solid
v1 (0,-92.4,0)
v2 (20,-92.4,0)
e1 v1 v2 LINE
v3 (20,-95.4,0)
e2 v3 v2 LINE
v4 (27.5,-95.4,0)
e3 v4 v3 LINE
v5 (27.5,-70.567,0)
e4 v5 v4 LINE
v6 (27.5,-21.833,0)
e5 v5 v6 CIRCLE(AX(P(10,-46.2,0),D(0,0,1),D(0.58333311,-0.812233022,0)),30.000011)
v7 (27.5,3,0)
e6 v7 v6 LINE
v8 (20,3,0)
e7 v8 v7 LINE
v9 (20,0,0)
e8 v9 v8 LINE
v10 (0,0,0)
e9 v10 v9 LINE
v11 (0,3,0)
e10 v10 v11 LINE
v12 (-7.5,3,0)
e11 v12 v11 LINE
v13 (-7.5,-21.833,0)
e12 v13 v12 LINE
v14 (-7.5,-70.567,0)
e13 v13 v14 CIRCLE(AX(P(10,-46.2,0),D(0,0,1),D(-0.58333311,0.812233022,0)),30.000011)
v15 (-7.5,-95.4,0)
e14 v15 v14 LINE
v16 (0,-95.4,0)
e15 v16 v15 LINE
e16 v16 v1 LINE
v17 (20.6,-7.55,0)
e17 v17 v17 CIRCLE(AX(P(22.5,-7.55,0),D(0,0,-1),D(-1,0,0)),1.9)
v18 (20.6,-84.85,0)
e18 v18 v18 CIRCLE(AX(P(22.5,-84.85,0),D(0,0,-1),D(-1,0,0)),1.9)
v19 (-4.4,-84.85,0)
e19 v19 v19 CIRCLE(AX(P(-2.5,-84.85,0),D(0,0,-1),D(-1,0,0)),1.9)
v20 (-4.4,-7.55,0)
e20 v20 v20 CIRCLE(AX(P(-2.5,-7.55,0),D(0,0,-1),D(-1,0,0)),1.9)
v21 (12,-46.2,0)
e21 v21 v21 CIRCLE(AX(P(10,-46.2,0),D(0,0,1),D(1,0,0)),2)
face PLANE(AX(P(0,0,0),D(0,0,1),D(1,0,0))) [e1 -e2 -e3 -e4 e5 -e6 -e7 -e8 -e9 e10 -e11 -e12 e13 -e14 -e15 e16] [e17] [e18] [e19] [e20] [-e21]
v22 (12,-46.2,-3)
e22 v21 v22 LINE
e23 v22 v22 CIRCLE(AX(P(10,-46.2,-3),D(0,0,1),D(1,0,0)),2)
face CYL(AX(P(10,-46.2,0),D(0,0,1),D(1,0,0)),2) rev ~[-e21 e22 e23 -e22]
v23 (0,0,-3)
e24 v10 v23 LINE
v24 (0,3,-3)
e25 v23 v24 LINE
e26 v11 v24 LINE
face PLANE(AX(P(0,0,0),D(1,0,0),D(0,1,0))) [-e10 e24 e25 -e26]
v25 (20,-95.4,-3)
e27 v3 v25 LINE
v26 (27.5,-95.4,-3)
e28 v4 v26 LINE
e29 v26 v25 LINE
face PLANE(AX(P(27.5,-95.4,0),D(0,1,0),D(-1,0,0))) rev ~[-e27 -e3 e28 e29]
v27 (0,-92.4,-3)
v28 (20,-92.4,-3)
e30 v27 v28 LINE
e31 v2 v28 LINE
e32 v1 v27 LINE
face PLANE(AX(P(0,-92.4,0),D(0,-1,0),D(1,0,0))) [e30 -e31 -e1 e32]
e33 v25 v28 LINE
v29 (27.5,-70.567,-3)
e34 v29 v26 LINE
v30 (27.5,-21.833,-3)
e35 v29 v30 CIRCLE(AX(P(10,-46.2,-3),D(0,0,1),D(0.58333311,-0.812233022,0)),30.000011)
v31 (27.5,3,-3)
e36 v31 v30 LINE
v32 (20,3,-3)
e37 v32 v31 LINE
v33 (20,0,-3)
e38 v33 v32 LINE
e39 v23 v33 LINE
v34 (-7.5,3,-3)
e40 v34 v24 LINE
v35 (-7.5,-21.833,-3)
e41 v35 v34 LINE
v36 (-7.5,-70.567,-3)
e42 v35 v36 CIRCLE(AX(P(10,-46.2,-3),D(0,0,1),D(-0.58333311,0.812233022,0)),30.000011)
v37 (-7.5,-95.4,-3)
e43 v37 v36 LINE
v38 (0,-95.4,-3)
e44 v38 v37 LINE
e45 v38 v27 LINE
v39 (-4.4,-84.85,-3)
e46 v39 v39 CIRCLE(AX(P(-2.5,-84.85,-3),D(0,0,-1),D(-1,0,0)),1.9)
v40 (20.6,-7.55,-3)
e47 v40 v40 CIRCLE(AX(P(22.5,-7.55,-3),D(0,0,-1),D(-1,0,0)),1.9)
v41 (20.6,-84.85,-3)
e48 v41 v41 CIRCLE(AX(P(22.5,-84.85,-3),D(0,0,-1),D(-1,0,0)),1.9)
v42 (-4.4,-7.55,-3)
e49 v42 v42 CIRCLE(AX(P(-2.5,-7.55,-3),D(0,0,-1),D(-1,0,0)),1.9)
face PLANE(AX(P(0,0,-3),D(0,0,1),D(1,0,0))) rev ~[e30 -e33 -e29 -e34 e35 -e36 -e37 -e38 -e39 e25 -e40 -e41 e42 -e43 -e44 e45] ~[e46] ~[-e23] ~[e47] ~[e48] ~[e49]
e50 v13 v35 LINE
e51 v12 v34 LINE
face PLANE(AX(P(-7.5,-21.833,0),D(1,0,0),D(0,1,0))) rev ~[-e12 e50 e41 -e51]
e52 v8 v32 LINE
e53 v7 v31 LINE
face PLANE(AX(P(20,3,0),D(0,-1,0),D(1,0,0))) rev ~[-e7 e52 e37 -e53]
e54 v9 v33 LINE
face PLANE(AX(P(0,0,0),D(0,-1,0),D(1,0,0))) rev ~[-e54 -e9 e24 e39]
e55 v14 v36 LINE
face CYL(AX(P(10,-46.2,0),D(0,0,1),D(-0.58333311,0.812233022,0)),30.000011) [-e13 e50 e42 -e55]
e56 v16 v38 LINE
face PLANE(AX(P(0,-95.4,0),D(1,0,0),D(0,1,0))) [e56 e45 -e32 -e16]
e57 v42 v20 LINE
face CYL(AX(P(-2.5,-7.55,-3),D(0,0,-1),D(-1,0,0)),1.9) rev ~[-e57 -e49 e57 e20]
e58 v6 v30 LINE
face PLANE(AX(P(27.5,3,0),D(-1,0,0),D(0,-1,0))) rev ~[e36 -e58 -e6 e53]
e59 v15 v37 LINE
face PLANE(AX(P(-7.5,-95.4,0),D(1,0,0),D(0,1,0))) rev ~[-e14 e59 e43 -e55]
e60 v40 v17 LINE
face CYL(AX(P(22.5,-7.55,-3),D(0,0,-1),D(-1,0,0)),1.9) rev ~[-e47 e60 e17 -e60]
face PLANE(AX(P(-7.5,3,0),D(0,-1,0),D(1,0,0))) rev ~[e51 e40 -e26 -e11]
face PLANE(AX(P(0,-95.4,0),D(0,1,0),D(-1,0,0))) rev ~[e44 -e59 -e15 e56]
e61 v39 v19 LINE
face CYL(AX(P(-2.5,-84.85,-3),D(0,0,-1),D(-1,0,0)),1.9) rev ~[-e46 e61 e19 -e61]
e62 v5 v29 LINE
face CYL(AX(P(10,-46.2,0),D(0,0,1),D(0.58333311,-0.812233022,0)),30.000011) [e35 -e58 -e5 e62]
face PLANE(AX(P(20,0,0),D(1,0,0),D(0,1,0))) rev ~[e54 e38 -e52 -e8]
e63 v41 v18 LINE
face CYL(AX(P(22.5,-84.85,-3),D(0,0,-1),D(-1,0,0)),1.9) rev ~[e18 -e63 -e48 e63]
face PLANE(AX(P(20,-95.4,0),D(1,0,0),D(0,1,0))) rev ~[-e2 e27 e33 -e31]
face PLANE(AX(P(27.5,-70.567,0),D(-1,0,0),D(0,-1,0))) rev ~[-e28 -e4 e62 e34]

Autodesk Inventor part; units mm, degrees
ref_plane "YZ Plane" through (0, 0, 0) normal (1, 0, 0) x (0, 1, 0)
ref_plane "XZ Plane" through (0, 0, 0) normal (0, 1, 0) x (-1, 0, 0)
ref_plane "XY Plane" through (0, 0, 0) normal (0, 0, 1) x (1, 0, 0)
sketch "Sketch1" plane through (0, 0, 0) normal (0, 0, 1) x (1, 0, 0)
  line L0 (0, 0) -> (20, 0) projected
  line L1 (20, 0) -> (20, 3) projected
  line L2 (0, 3) -> (20, 3) projected
  line L3 (0, 0) -> (0, 3) projected
  line L4 (0, -95.4) -> (20, -95.4) projected
  line L5 (20, -95.4) -> (20, -92.4) projected
  line L6 (0, -92.4) -> (20, -92.4) projected
  line L7 (0, -95.4) -> (0, -92.4) projected
  line L8 (-7.5, 3) -> (0, 3) construction
  line L9 (20, 3) -> (27.5, 3) construction
  line L10 (20, -95.4) -> (27.5, -95.4) construction
  line L11 (-7.5, -95.4) -> (0, -95.4) construction
  line L12 (-7.5, 3) -> (27.5, 3)
  line L13 (27.5, -95.4) -> (-7.5, -95.4)
  line L14 (-7.5, 3) -> (27.5, -95.4) construction
  line L15 (27.5, 3) -> (-7.5, -95.4) construction
  line L16 (-7.5, -95.4) -> (-7.5, -70.567)
  line L17 (-7.5, -21.833) -> (-7.5, 3)
  line L18 (27.5, 3) -> (27.5, -21.833)
  line L19 (27.5, -70.567) -> (27.5, -95.4)
  arc A0 (27.5, -70.567) -> (27.5, -21.833) centre (10, -46.2) ccw
  arc A1 (-7.5, -21.833) -> (-7.5, -70.567) centre (10, -46.2) ccw
  dimension "d1" = 35
  dimension "d2" = 35
extrude "Extrusion1" add sketch "Sketch1" against normal blind 3 contours L0 L1 L12 L18 A0 L19 L13 L5 L6 L7 L16 A1 L17 L3
sketch "Sketch2" plane through (0, 0, -3) normal (0, 0, -1) x (-1, 0, 0)
  arc A0 (0.6, -86.2) -> (4.4, -86.2) centre (2.5, -86.2) ccw construction
  line L0 (0.6, -86.2) -> (0.6, -83.5) construction
  arc A1 (4.4, -83.5) -> (0.6, -83.5) centre (2.5, -83.5) ccw construction
  line L1 (4.4, -83.5) -> (4.4, -86.2) construction
  arc A2 (-1.5, -77.8) -> (-2.5, -78.8) centre (-1.5, -78.8) ccw construction
  line L2 (-2.5, -78.8) -> (-2.5, -91.4) construction
  line L3 (-2.5, -91.4) -> (7.5, -91.4) construction
  line L4 (7.5, -91.4) -> (7.5, -78.8) construction
  arc A3 (7.5, -78.8) -> (6.5, -77.8) centre (6.5, -78.8) ccw construction
  line L5 (6.5, -77.8) -> (-1.5, -77.8) construction
  arc A4 (-24.4, -86.2) -> (-20.6, -86.2) centre (-22.5, -86.2) ccw construction
  line L6 (-24.4, -86.2) -> (-24.4, -83.5) construction
  arc A5 (-20.6, -83.5) -> (-24.4, -83.5) centre (-22.5, -83.5) ccw construction
  line L7 (-20.6, -83.5) -> (-20.6, -86.2) construction
  arc A6 (-26.5, -77.8) -> (-27.5, -78.8) centre (-26.5, -78.8) ccw construction
  line L8 (-27.5, -78.8) -> (-27.5, -91.4) construction
  line L9 (-27.5, -91.4) -> (-17.5, -91.4) construction
  line L10 (-17.5, -91.4) -> (-17.5, -78.8) construction
  arc A7 (-17.5, -78.8) -> (-18.5, -77.8) centre (-18.5, -78.8) ccw construction
  line L11 (-18.5, -77.8) -> (-26.5, -77.8) construction
  arc A8 (4.4, -6.2) -> (0.6, -6.2) centre (2.5, -6.2) ccw construction
  line L12 (4.4, -6.2) -> (4.4, -8.9) construction
  arc A9 (0.6, -8.9) -> (4.4, -8.9) centre (2.5, -8.9) ccw construction
  line L13 (0.6, -8.9) -> (0.6, -6.2) construction
  arc A10 (6.5, -14.6) -> (7.5, -13.6) centre (6.5, -13.6) ccw construction
  line L14 (7.5, -13.6) -> (7.5, -1) construction
  line L15 (7.5, -1) -> (-2.5, -1) construction
  line L16 (-2.5, -1) -> (-2.5, -13.6) construction
  arc A11 (-2.5, -13.6) -> (-1.5, -14.6) centre (-1.5, -13.6) ccw construction
  line L17 (-1.5, -14.6) -> (6.5, -14.6) construction
  arc A12 (-20.6, -6.2) -> (-24.4, -6.2) centre (-22.5, -6.2) ccw construction
  line L18 (-20.6, -6.2) -> (-20.6, -8.9) construction
  arc A13 (-24.4, -8.9) -> (-20.6, -8.9) centre (-22.5, -8.9) ccw construction
  line L19 (-24.4, -8.9) -> (-24.4, -6.2) construction
  arc A14 (-18.5, -14.6) -> (-17.5, -13.6) centre (-18.5, -13.6) ccw construction
  line L20 (-17.5, -13.6) -> (-17.5, -1) construction
  line L21 (-17.5, -1) -> (-27.5, -1) construction
  line L22 (-27.5, -1) -> (-27.5, -13.6) construction
  arc A15 (-27.5, -13.6) -> (-26.5, -14.6) centre (-26.5, -13.6) ccw construction
  line L23 (-26.5, -14.6) -> (-18.5, -14.6) construction
  line L24 (-22.5, -86.2) -> (-22.5, -83.5) construction
  line L25 (2.5, -86.2) -> (2.5, -83.5) construction
  line L26 (2.5, -8.9) -> (2.5, -6.2) construction
  line L27 (-22.5, -8.9) -> (-22.5, -6.2) construction
  circle A16 centre (-22.5, -84.85) radius 1.9
  circle A17 centre (2.5, -84.85) radius 1.9
  circle A18 centre (2.5, -7.55) radius 1.9
  circle A19 centre (-22.5, -7.55) radius 1.9
  point P0 (0, 0)
extrude "Extrusion2" cut sketch "Sketch2" against normal blind 27.1625
sketch "Sketch3" plane through (0, 0, 0) normal (0, 0, 1) x (1, 0, 0)
  arc A0 (27.5, -70.567) -> (27.5, -21.833) centre (10, -46.2) ccw projected
  arc A1 (-7.5, -21.833) -> (-7.5, -70.567) centre (10, -46.2) ccw projected
  circle A2 centre (10, -46.2) radius 2
  point P0 (0, 0)
  dimension "d7" = 4
extrude "Extrusion3" cut sketch "Sketch3" against normal blind 14.4625
properties part number "Camera raiser"
